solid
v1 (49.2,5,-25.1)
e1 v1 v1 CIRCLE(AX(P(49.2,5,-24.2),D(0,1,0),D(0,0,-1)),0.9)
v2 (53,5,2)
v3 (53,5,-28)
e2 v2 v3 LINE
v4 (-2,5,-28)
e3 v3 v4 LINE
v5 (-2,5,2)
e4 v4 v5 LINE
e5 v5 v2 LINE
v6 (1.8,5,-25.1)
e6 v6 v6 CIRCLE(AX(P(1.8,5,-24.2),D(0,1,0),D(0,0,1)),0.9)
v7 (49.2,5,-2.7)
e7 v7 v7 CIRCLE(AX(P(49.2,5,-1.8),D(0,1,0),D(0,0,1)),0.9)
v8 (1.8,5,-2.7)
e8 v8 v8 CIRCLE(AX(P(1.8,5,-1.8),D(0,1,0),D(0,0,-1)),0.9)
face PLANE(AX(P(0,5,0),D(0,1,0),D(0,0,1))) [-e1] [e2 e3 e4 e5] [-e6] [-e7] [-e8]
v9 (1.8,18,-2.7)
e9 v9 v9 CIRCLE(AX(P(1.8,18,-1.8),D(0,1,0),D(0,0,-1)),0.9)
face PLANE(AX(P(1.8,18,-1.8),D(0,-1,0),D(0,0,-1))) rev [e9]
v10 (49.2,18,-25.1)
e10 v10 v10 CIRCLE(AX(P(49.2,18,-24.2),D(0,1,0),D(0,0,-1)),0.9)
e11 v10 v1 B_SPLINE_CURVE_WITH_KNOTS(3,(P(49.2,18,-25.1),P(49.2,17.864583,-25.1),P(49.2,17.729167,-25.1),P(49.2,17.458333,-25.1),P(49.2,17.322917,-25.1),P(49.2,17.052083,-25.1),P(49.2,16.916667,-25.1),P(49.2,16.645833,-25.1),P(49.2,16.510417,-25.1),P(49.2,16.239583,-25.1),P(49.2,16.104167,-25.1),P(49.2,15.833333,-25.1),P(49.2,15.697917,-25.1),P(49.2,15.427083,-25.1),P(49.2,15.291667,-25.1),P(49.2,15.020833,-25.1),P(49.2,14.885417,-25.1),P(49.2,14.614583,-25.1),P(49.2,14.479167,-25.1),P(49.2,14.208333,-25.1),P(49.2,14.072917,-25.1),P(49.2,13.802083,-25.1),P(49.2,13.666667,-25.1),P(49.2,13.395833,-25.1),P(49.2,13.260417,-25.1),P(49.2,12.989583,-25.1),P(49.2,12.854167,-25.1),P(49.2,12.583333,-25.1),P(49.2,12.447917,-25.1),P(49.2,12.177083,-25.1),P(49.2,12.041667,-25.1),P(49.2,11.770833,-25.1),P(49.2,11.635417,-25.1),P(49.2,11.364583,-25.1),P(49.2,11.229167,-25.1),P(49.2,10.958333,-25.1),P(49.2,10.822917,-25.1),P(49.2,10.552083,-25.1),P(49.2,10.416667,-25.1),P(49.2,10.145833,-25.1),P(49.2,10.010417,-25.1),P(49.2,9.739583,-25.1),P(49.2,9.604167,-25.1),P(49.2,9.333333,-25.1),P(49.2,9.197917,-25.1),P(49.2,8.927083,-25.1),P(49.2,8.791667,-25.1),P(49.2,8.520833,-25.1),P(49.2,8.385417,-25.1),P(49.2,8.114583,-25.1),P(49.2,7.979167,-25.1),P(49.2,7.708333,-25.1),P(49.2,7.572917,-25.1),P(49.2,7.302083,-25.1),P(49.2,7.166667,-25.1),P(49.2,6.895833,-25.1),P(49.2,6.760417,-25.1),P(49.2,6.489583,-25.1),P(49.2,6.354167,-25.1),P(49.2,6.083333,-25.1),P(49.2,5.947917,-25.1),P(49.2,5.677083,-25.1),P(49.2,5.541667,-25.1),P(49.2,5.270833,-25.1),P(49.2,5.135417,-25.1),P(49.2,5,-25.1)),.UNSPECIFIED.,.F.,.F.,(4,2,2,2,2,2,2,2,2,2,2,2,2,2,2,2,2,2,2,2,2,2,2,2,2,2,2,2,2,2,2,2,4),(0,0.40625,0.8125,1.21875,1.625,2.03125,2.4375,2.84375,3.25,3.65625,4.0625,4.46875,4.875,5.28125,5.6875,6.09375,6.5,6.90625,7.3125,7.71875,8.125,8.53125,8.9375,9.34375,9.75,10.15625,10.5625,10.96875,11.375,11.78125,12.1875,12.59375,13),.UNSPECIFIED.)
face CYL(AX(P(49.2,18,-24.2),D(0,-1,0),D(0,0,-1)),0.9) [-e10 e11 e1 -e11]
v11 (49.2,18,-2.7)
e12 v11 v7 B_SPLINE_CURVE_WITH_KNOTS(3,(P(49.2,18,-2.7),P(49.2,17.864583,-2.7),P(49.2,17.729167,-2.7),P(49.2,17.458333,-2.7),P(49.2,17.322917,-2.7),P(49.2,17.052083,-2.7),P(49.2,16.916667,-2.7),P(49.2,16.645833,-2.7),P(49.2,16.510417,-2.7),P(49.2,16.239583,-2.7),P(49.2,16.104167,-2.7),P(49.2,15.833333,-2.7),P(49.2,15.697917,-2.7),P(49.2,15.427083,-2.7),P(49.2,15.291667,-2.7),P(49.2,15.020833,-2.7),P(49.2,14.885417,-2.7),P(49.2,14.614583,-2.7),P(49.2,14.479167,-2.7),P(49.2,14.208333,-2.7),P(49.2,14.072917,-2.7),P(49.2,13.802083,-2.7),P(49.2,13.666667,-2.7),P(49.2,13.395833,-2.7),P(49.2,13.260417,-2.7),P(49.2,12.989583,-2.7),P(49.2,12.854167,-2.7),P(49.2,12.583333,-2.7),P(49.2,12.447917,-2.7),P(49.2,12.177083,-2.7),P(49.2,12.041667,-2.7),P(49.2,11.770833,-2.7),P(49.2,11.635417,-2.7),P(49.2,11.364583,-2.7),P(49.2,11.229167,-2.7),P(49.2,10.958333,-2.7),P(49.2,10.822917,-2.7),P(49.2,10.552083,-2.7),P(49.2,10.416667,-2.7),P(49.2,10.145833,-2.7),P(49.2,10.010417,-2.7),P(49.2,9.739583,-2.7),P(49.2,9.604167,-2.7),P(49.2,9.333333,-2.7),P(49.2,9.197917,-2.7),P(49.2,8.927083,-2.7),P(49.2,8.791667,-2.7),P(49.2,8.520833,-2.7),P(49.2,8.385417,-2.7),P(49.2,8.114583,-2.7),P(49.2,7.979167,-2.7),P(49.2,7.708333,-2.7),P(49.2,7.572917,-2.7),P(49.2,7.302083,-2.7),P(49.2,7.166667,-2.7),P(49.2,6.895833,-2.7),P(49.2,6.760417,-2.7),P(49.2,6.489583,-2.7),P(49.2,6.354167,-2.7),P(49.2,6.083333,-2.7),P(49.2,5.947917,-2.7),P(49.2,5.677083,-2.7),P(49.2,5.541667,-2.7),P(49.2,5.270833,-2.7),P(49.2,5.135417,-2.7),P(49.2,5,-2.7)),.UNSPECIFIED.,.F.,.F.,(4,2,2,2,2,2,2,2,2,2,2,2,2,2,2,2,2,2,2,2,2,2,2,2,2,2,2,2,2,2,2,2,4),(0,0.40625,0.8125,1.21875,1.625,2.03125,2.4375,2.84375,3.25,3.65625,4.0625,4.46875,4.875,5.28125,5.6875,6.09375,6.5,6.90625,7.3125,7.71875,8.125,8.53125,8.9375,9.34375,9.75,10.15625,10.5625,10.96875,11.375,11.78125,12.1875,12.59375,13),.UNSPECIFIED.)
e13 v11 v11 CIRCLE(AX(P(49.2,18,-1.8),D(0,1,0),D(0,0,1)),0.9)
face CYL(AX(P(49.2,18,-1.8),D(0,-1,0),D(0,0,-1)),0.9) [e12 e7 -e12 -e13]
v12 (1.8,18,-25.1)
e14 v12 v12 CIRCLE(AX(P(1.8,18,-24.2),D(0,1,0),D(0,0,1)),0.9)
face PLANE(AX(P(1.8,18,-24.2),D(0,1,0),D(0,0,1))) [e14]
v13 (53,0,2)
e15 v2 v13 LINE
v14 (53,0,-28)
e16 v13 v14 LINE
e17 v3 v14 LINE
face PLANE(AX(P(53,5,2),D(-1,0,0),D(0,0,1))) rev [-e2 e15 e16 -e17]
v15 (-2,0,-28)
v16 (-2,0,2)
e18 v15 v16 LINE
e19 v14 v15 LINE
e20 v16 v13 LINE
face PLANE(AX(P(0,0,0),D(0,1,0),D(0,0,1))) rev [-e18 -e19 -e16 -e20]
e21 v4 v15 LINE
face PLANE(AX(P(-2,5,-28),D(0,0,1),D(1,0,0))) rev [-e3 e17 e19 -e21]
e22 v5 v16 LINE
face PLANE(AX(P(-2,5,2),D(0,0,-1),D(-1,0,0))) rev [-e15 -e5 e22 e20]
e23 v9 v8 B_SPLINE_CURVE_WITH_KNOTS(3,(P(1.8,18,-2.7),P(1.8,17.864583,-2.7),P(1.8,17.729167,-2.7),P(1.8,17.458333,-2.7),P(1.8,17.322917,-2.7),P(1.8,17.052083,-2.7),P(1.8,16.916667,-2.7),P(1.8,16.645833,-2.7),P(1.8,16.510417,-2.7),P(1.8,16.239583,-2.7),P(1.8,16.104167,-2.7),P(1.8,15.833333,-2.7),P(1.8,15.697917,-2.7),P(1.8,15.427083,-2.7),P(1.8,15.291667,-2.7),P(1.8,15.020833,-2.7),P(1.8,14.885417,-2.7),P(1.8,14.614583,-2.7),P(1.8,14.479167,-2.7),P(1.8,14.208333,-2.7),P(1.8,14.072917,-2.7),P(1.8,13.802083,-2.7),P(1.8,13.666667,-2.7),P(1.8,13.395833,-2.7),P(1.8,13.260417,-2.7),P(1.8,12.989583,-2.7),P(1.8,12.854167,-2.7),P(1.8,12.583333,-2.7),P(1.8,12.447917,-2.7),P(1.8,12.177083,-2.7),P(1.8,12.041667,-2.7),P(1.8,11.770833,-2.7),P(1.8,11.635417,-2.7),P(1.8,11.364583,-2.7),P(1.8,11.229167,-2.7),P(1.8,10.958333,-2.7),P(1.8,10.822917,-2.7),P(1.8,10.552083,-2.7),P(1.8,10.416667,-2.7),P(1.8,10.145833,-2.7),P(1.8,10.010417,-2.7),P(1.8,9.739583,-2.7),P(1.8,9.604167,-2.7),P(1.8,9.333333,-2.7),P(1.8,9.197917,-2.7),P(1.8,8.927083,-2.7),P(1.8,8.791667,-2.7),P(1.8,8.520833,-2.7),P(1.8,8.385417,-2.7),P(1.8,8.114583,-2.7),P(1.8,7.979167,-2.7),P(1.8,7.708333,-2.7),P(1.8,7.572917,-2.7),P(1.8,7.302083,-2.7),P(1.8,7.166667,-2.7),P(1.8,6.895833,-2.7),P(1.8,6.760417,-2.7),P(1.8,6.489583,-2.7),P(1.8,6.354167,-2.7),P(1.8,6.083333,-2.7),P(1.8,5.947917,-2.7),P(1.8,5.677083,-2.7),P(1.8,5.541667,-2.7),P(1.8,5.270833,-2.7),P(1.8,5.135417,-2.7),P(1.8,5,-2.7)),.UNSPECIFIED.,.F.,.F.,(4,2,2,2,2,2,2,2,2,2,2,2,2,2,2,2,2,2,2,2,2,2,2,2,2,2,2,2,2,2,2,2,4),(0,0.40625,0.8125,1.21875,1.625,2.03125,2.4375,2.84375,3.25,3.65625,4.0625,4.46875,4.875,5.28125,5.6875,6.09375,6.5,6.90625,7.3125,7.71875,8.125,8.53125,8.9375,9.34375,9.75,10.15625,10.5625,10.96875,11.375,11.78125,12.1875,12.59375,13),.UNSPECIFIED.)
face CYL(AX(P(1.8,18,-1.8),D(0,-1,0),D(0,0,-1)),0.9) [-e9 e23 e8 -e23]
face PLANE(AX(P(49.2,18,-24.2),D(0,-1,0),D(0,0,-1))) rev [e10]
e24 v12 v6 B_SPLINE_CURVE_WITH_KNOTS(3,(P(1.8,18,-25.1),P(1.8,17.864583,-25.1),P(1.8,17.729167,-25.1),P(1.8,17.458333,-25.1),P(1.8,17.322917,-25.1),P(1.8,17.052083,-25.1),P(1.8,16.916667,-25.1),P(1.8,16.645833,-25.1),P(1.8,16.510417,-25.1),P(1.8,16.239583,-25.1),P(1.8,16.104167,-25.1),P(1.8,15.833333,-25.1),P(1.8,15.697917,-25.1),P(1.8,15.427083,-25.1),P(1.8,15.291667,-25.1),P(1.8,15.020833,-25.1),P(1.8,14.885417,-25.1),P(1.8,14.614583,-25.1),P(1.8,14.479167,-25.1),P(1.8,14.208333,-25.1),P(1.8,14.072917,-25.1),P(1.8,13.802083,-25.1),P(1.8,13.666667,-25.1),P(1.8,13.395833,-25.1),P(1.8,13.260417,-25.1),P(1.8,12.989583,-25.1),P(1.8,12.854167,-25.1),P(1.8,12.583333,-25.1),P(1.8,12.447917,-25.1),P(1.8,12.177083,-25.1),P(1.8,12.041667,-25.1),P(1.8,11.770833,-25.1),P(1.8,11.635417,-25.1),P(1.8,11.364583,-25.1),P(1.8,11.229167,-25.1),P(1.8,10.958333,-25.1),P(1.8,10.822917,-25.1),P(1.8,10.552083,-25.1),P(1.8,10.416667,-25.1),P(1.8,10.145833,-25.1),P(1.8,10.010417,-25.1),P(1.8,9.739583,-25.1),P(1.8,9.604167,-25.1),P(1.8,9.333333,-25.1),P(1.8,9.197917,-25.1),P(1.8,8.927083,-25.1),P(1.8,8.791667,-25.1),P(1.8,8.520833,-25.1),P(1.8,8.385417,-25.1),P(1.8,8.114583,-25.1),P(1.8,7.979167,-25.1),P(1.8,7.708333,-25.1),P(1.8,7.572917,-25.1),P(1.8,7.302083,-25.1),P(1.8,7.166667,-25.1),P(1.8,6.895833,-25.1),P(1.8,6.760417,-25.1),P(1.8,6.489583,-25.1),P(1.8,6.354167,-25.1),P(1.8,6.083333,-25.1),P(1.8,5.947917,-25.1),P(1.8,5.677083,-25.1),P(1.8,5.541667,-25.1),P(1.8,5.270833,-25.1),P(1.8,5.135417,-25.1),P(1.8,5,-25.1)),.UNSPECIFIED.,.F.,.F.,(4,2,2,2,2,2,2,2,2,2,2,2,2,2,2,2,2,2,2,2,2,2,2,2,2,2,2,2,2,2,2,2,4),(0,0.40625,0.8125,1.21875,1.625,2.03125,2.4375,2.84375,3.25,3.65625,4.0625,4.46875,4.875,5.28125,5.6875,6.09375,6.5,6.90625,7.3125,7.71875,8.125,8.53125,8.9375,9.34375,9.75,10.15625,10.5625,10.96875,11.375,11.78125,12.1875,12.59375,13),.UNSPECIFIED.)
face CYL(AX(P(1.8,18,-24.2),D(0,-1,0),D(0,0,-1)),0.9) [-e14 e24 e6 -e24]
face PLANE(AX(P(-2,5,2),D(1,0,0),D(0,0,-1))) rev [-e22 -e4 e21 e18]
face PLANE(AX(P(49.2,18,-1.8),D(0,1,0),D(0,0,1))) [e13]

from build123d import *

# Parameters (mm, degrees)
SKETCH1_W           = 55
SKETCH1_H           = 30
BOSS_EXTRUDE1_DEPTH = 5
SKETCH2_R           = 0.9
BOSS_EXTRUDE2_DEPTH = 13


with BuildPart() as part:
    # Sketch1 → Boss-Extrude1 (new body)
    with BuildSketch(Plane(origin=(0, 0, 0), x_dir=(1, 0, 0), z_dir=(0, 1, 0))):
        with Locations((25.5, 13)):
            Rectangle(SKETCH1_W, SKETCH1_H)
    extrude(amount=BOSS_EXTRUDE1_DEPTH)

    # Sketch2 → Boss-Extrude2 (add)
    with BuildSketch(Plane(origin=(0, 5, 0), x_dir=(1, 0, 0), z_dir=(0, 1, 0))):
        with Locations(Location((1.8, 24.2, 0), (0, 0, 90))):
            Circle(SKETCH2_R)
        with Locations(Location((49.2, 24.2, 0), (0, 0, 90))):
            Circle(SKETCH2_R)
        with Locations(Location((49.2, 1.8, 0), (0, 0, 90))):
            Circle(SKETCH2_R)
        with Locations(Location((1.8, 1.8, 0), (0, 0, 90))):
            Circle(SKETCH2_R)
    extrude(amount=BOSS_EXTRUDE2_DEPTH)


solid = part.part
